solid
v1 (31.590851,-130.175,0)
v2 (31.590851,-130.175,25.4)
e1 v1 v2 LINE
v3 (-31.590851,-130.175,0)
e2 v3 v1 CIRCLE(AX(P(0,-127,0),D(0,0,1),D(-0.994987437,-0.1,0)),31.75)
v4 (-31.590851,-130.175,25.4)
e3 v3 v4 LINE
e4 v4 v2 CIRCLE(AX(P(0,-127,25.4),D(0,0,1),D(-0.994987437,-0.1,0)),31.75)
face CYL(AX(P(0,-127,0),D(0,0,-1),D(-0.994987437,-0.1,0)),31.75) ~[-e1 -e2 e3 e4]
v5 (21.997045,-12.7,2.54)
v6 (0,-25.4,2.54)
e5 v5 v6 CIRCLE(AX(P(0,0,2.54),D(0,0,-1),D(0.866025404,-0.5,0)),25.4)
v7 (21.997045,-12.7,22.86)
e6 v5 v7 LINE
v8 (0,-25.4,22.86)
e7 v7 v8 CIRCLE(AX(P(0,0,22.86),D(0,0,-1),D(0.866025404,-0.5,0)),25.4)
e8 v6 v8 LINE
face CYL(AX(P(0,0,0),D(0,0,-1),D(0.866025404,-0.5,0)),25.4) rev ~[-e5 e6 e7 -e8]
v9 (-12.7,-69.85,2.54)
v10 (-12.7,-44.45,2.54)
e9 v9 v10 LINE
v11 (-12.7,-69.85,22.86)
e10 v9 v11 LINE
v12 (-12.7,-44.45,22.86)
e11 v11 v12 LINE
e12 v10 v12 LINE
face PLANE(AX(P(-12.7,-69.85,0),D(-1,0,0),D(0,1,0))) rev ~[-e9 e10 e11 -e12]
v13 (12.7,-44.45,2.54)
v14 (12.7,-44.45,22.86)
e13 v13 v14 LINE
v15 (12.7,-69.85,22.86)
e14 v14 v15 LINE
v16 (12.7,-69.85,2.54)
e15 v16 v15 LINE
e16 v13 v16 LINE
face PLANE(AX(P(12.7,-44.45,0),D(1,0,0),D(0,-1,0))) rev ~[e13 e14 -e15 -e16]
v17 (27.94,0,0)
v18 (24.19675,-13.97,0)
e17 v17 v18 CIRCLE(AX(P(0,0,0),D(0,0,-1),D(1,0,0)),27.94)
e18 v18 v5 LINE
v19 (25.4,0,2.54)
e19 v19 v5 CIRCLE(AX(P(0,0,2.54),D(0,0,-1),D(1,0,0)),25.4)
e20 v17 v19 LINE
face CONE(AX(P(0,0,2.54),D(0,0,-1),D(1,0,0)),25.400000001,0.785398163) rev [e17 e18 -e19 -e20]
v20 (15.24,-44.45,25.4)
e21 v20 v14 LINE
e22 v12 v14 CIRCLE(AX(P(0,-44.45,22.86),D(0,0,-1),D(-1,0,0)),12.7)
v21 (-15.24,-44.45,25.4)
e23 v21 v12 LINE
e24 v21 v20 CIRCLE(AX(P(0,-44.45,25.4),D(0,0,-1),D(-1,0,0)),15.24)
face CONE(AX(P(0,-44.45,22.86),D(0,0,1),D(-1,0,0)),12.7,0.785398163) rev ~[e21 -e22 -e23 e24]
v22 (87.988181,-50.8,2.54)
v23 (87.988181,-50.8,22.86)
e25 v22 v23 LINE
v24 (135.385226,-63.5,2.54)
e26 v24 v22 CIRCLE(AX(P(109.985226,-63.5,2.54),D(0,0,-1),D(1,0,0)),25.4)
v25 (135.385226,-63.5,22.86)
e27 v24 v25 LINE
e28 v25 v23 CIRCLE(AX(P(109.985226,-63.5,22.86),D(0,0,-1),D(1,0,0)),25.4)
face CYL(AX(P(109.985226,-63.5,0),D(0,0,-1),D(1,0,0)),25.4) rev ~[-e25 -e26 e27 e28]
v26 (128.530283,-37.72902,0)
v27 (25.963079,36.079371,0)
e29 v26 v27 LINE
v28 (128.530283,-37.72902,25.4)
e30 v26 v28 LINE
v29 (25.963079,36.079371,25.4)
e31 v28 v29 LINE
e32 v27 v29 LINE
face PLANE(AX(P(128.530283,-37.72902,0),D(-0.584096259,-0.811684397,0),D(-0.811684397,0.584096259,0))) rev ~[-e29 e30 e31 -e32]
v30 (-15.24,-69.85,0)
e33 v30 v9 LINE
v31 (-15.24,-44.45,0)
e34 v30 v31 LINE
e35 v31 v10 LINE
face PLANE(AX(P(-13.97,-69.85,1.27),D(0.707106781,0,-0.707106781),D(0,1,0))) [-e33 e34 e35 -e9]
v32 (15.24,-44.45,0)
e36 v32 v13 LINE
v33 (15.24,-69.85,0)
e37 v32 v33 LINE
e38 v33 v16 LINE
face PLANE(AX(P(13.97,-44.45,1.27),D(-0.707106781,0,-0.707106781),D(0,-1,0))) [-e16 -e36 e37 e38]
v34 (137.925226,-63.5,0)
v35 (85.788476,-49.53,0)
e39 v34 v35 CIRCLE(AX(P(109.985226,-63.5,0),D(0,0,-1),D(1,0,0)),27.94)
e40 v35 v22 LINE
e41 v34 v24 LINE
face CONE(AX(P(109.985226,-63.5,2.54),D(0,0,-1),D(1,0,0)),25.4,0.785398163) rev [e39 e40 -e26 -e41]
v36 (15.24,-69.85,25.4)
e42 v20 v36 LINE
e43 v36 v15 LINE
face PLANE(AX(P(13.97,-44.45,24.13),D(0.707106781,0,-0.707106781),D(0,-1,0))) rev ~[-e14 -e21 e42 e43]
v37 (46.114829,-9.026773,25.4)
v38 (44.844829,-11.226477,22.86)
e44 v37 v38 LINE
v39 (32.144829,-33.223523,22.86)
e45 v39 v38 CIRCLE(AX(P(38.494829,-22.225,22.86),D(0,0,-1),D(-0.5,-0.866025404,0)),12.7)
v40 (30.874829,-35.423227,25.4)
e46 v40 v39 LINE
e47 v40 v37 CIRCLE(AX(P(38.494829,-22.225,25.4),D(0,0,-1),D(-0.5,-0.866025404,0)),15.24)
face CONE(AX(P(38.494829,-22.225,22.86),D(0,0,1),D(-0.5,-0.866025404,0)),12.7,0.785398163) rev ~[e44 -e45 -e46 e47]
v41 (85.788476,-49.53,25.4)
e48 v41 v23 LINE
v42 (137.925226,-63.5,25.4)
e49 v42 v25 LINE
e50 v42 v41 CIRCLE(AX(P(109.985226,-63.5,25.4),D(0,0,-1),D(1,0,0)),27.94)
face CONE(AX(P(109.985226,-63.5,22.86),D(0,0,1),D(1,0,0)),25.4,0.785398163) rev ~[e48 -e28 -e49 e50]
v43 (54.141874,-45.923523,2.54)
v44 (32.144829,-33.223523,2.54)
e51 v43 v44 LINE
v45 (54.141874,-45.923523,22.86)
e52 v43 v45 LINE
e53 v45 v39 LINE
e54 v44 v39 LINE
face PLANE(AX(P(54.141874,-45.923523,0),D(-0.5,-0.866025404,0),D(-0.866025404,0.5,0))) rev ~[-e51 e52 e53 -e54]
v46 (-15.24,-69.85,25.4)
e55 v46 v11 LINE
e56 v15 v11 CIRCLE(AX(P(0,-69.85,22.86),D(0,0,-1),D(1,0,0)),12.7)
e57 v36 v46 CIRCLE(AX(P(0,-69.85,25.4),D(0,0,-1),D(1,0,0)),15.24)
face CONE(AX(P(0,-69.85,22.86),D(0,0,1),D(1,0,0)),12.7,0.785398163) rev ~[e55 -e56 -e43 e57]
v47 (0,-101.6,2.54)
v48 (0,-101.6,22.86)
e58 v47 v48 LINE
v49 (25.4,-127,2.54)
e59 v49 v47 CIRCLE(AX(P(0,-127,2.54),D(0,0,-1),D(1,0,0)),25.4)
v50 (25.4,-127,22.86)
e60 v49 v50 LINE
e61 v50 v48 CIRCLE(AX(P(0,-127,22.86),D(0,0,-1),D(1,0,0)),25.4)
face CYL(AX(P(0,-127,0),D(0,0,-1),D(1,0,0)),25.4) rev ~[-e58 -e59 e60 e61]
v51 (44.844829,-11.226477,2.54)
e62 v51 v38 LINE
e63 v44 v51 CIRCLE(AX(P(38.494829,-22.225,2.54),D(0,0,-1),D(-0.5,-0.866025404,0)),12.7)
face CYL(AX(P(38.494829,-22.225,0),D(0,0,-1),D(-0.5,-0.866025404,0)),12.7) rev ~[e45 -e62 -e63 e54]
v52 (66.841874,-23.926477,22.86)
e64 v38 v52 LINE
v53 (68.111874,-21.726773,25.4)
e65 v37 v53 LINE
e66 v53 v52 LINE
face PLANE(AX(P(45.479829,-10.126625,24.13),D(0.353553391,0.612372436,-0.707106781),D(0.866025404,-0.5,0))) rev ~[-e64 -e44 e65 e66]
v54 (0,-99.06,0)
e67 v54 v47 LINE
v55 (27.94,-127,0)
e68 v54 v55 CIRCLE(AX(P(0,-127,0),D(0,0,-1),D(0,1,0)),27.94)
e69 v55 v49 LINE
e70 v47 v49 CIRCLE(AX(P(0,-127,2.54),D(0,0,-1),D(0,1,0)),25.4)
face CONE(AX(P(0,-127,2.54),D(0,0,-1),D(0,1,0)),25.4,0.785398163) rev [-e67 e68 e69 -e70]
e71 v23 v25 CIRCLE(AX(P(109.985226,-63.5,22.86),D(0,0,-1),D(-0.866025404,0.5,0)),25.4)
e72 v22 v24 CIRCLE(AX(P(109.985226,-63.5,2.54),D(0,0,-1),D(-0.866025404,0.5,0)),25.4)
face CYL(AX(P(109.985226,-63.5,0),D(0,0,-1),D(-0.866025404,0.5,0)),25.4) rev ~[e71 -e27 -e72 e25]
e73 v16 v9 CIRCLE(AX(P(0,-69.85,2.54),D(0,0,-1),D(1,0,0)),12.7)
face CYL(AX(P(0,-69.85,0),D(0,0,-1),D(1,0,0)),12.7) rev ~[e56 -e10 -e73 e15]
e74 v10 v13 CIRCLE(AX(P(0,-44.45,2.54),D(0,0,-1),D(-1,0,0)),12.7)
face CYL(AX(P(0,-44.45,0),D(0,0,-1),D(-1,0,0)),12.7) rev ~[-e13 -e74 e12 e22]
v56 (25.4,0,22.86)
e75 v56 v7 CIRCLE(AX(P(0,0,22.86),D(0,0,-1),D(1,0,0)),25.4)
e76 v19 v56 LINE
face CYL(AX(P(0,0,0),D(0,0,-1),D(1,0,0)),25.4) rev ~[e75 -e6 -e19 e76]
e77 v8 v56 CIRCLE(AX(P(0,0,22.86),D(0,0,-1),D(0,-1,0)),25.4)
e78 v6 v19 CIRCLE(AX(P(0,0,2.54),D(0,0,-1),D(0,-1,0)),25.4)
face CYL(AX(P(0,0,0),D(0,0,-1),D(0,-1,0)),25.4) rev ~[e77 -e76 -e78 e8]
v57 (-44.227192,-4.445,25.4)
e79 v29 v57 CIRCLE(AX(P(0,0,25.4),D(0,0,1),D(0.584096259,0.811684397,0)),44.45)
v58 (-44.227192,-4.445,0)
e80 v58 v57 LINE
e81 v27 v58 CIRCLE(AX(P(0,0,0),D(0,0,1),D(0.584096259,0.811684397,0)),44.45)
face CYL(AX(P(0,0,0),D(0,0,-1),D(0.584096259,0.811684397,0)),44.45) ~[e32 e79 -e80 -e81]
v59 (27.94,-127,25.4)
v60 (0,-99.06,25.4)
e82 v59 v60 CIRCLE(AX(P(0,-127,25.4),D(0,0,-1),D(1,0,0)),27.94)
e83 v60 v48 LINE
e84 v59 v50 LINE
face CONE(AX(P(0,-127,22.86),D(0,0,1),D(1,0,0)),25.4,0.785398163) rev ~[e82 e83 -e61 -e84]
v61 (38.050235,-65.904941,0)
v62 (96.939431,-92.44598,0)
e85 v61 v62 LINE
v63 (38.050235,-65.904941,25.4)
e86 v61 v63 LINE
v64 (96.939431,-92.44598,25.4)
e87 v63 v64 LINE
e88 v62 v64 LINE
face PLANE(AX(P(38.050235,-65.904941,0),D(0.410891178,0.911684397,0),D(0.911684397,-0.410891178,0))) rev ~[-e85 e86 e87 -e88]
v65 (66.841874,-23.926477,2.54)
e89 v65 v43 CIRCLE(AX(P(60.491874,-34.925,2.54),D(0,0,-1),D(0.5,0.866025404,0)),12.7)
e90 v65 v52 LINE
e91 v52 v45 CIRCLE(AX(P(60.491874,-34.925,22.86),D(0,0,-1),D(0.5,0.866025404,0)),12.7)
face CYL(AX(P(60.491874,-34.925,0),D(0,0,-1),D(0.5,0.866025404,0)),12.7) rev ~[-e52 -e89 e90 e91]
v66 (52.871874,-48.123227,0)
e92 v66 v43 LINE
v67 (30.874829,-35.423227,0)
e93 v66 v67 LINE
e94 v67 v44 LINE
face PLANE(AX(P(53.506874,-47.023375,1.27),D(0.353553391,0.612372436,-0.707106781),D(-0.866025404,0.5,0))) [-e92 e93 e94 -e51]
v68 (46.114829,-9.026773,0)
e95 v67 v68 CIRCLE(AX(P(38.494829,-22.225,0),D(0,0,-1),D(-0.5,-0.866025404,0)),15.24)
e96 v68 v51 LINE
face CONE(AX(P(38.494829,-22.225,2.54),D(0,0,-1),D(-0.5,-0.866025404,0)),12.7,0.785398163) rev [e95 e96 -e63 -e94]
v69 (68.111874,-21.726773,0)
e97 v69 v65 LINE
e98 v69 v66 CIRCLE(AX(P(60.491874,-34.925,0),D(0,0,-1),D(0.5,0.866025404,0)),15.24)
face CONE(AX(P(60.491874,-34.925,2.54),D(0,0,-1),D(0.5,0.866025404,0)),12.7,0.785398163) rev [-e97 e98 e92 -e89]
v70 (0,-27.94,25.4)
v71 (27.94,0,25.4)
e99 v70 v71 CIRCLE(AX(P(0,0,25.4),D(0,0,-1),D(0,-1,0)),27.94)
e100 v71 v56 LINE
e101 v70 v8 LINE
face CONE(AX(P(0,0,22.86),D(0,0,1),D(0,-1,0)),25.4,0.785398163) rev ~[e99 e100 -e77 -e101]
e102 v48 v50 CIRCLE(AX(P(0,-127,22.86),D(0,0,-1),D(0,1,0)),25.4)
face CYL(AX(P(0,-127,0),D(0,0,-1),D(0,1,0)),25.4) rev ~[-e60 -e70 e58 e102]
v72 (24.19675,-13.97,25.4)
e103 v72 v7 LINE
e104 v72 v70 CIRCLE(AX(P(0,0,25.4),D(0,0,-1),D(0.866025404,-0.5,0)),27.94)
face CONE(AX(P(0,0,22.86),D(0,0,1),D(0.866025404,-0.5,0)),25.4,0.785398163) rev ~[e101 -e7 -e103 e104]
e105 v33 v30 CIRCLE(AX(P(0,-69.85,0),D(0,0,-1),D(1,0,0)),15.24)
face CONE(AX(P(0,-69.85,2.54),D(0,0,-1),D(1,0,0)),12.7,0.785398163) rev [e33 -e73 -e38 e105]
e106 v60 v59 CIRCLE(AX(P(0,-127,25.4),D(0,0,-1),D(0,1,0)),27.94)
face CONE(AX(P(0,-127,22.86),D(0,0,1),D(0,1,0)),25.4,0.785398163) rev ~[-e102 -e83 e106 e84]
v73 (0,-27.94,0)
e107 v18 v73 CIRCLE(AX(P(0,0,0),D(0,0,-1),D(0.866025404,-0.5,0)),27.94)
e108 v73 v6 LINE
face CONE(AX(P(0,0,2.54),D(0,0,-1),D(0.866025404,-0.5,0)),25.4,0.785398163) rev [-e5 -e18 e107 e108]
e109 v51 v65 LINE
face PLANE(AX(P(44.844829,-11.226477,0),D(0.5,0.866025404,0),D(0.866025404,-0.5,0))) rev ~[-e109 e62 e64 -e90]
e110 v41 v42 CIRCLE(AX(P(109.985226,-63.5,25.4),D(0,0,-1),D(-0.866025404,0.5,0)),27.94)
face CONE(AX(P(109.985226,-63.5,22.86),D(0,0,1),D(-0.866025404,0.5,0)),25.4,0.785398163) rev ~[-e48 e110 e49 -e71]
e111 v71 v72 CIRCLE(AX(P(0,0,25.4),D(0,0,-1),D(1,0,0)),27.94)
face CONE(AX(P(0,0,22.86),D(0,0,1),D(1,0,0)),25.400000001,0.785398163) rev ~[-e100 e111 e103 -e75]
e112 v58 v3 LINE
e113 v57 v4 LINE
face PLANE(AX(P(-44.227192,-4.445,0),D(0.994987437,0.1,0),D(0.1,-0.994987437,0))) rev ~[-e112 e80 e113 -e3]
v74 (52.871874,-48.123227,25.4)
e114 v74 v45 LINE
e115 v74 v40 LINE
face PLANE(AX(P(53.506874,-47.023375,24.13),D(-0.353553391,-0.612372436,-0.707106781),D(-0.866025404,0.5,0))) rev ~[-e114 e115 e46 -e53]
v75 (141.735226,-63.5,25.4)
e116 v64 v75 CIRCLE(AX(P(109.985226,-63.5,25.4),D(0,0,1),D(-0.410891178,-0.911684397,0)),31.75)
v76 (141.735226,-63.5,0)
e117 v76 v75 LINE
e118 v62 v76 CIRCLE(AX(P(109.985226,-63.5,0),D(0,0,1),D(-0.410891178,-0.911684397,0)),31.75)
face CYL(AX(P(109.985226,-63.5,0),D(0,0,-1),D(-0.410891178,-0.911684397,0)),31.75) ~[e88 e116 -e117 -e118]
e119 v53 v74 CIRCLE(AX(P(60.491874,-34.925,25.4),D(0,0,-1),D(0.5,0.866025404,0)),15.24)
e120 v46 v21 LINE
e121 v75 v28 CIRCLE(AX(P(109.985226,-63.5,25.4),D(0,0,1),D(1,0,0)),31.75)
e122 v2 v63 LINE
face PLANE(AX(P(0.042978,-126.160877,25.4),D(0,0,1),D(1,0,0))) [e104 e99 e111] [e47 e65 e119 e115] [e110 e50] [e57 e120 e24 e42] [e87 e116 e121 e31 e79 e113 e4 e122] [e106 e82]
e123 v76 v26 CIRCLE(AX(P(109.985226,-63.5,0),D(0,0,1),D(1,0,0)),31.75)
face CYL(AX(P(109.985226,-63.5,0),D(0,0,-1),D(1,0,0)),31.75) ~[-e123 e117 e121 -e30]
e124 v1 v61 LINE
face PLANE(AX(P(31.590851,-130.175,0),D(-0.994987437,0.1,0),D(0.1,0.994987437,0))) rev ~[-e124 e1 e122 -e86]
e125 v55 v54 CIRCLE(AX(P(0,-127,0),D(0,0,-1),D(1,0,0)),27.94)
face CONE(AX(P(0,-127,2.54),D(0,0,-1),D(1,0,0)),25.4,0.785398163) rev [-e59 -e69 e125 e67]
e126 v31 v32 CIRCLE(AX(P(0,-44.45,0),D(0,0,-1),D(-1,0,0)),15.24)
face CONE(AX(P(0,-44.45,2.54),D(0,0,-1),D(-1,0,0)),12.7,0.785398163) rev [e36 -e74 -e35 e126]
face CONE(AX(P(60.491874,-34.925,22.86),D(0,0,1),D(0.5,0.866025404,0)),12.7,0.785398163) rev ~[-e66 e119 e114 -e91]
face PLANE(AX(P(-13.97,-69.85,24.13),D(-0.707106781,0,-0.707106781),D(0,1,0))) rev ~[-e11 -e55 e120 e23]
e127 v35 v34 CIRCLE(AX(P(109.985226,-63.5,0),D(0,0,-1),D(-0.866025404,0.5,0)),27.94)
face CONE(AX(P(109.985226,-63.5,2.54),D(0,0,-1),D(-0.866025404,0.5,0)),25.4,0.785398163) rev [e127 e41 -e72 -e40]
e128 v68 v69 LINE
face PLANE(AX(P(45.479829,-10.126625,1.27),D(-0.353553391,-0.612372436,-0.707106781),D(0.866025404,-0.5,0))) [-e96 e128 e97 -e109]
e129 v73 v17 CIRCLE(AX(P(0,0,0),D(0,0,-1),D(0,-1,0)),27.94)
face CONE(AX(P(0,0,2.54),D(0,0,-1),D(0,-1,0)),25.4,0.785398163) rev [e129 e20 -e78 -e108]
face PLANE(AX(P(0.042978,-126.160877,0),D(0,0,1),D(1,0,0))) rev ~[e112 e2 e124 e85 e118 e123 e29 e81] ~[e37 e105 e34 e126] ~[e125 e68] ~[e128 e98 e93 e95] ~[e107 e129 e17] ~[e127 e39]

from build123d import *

# Parameters (mm, degrees)
F1_DEPTH = 25.4
F3_DEPTH = 25.4
F4_SIZE  = 2.54


with BuildPart() as f1:
    # F0 (on Top) → F1 (new body)
    with BuildSketch(Plane.XY):
        with BuildLine():
            ThreePointArc((0, -95.25), (-23.5464301965, -105.7014525143), (-31.5908511281, -130.175))
            ThreePointArc((-31.5908511281, -130.175), (0, -158.75), (31.5908511281, -130.175))
            ThreePointArc((31.5908511281, -130.175), (31.7101878213, -128.5894931081), (31.75, -127))
            ThreePointArc((31.75, -127), (22.4506403027, -104.5493596973), (0, -95.25))
        make_face()
        with BuildLine():
            ThreePointArc((25.4, -127), (-17.9605122421, -144.9605122421), (0, -101.6))
            ThreePointArc((0, -101.6), (17.9605122421, -109.0394877579), (25.4, -127))
        make_face(mode=Mode.SUBTRACT)
        with BuildLine():
            Line((31.5908511281, -130.175), (38.0502351456, -65.9049405121))
            Line((38.0502351456, -65.9049405121), (0, -48.7559073592))
            Line((0, -48.7559073592), (0, -95.25))
            ThreePointArc((0, -95.25), (22.4506403027, -104.5493596973), (31.75, -127))
            ThreePointArc((31.75, -127), (31.7101878213, -128.5894931081), (31.5908511281, -130.175))
        make_face()
        with BuildLine():
            ThreePointArc((-18.2641128699, -40.5243714458), (-36.0793714458, -25.9630787095), (-44.2271915794, -4.445))
            Line((-44.2271915794, -4.445), (-31.5908511281, -130.175))
            ThreePointArc((-31.5908511281, -130.175), (-23.5464301965, -105.7014525143), (0, -95.25))
            Line((0, -95.25), (0, -48.7559073592))
            Line((0, -48.7559073592), (-18.2641128699, -40.5243714458))
        make_face()
        with BuildLine():
            Line((42.2238543576, -24.3779536796), (38.4948291982, -22.225))
            ThreePointArc((38.4948291982, -22.225), (22.225, -38.4948291982), (0, -44.45))
            Line((0, -44.45), (0, -48.7559073592))
            Line((0, -48.7559073592), (38.0502351456, -65.9049405121))
            Line((38.0502351456, -65.9049405121), (42.2238543576, -24.3779536796))
        make_face()
        with BuildLine():
            ThreePointArc((0, -44.45), (-9.3406153233, -43.4575126461), (-18.2641128699, -40.5243714458))
            Line((-18.2641128699, -40.5243714458), (0, -48.7559073592))
            Line((0, -48.7559073592), (0, -44.45))
        make_face()
        with BuildLine():
            ThreePointArc((0, -44.45), (22.225, -38.4948291982), (38.4948291982, -22.225))
            Line((38.4948291982, -22.225), (21.9970452561, -12.7))
            ThreePointArc((21.9970452561, -12.7), (12.7, -21.9970452561), (0, -25.4))
            Line((0, -25.4), (0, -44.45))
        make_face()
        with BuildLine():
            ThreePointArc((44.2271915794, -4.445), (44.3942629498, -2.2252903514), (44.45, 0))
            ThreePointArc((44.45, 0), (39.5592046725, 20.2699734998), (25.9630787095, 36.0793714458))
            ThreePointArc((25.9630787095, 36.0793714458), (-22.225, 38.4948291982), (-44.2271915794, -4.445))
            ThreePointArc((-44.2271915794, -4.445), (-36.0793714458, -25.9630787095), (-18.2641128699, -40.5243714458))
            ThreePointArc((-18.2641128699, -40.5243714458), (-9.3406153233, -43.4575126461), (0, -44.45))
            Line((0, -44.45), (0, -25.4))
            ThreePointArc((0, -25.4), (-17.9605122421, 17.9605122421), (25.4, 0))
            ThreePointArc((25.4, 0), (24.5345159877, -6.5740037456), (21.9970452561, -12.7))
            Line((21.9970452561, -12.7), (38.4948291982, -22.225))
            ThreePointArc((38.4948291982, -22.225), (42.3056175984, -13.6395461661), (44.2271915794, -4.445))
        make_face()
        with BuildLine():
            Line((42.2238543576, -24.3779536796), (44.2271915794, -4.445))
            ThreePointArc((44.2271915794, -4.445), (42.3056175984, -13.6395461661), (38.4948291982, -22.225))
            Line((38.4948291982, -22.225), (42.2238543576, -24.3779536796))
        make_face()
        with BuildLine():
            Line((82.4889197105, -47.625), (42.2238543576, -24.3779536796))
            Line((42.2238543576, -24.3779536796), (38.0502351456, -65.9049405121))
            Line((38.0502351456, -65.9049405121), (96.9394313736, -92.4459796041))
            ThreePointArc((96.9394313736, -92.4459796041), (79.766927996, -73.2425329758), (82.4889197105, -47.625))
        make_face()
        with BuildLine():
            ThreePointArc((25.9630787095, 36.0793714458), (39.5592046725, 20.2699734998), (44.45, 0))
            ThreePointArc((44.45, 0), (44.3942629498, -2.2252903514), (44.2271915794, -4.445))
            Line((44.2271915794, -4.445), (42.2238543576, -24.3779536796))
            Line((42.2238543576, -24.3779536796), (82.4889197105, -47.625))
            ThreePointArc((82.4889197105, -47.625), (103.3133581926, -32.4589195385), (128.5302825017, -37.7290203959))
            Line((128.5302825017, -37.7290203959), (25.9630787095, 36.0793714458))
        make_face()
        with BuildLine():
            ThreePointArc((141.7352262806, -63.5), (138.2418010467, -49.0214475002), (128.5302825017, -37.7290203959))
            ThreePointArc((128.5302825017, -37.7290203959), (103.3133581926, -32.4589195385), (82.4889197105, -47.625))
            ThreePointArc((82.4889197105, -47.625), (79.766927996, -73.2425329758), (96.9394313736, -92.4459796041))
            ThreePointArc((96.9394313736, -92.4459796041), (127.216861602, -90.1670816579), (141.7352262806, -63.5))
        make_face()
        with BuildLine():
            ThreePointArc((135.3852262806, -63.5), (103.411222535, -88.0345159877), (87.9881810245, -50.8))
            ThreePointArc((87.9881810245, -50.8), (116.5592300262, -38.9654840123), (135.3852262806, -63.5))
        make_face(mode=Mode.SUBTRACT)
    extrude(amount=F1_DEPTH)

    # F2 (on face) → F3 (cut)
    with BuildSketch(Plane(origin=(0, 0, 0), x_dir=(1, 0, 0), z_dir=(0, 0, -1))):
        with BuildLine():
            ThreePointArc((32.1448291982, 33.2235226281), (27.4963065702, 15.875), (44.8448291982, 11.2264773719))
            Line((44.8448291982, 11.2264773719), (66.8418744543, 23.9264773719))
            ThreePointArc((66.8418744543, 23.9264773719), (71.4903970824, 41.275), (54.1418744543, 45.9235226281))
            Line((54.1418744543, 45.9235226281), (32.1448291982, 33.2235226281))
        make_face()
        with BuildLine():
            ThreePointArc((-12.7, 44.45), (0, 31.75), (12.7, 44.45))
            Line((12.7, 44.45), (12.7, 69.85))
            ThreePointArc((12.7, 69.85), (0, 82.55), (-12.7, 69.85))
            Line((-12.7, 69.85), (-12.7, 44.45))
        make_face()
    extrude(amount=-F3_DEPTH, mode=Mode.SUBTRACT)

    # F4
    f4_edges = [f1.edges().sort_by_distance(p)[0] for p in [
        (43.143352, -39.573523, 25.4),
        (131.982272, -76.2, 25.4),
        (-12.7, -57.15, 25.4),
        (-25.4, -127, 25.4),
        (0, 25.4, 25.4),
        (27.496307, -15.875, 0),
        (131.982272, -76.2, 0),
        (0, 25.4, 0),
        (12.7, -57.15, 0),
        (-25.4, -127, 0),
    ]]
    chamfer(f4_edges, length=F4_SIZE)


solid = f1.part
